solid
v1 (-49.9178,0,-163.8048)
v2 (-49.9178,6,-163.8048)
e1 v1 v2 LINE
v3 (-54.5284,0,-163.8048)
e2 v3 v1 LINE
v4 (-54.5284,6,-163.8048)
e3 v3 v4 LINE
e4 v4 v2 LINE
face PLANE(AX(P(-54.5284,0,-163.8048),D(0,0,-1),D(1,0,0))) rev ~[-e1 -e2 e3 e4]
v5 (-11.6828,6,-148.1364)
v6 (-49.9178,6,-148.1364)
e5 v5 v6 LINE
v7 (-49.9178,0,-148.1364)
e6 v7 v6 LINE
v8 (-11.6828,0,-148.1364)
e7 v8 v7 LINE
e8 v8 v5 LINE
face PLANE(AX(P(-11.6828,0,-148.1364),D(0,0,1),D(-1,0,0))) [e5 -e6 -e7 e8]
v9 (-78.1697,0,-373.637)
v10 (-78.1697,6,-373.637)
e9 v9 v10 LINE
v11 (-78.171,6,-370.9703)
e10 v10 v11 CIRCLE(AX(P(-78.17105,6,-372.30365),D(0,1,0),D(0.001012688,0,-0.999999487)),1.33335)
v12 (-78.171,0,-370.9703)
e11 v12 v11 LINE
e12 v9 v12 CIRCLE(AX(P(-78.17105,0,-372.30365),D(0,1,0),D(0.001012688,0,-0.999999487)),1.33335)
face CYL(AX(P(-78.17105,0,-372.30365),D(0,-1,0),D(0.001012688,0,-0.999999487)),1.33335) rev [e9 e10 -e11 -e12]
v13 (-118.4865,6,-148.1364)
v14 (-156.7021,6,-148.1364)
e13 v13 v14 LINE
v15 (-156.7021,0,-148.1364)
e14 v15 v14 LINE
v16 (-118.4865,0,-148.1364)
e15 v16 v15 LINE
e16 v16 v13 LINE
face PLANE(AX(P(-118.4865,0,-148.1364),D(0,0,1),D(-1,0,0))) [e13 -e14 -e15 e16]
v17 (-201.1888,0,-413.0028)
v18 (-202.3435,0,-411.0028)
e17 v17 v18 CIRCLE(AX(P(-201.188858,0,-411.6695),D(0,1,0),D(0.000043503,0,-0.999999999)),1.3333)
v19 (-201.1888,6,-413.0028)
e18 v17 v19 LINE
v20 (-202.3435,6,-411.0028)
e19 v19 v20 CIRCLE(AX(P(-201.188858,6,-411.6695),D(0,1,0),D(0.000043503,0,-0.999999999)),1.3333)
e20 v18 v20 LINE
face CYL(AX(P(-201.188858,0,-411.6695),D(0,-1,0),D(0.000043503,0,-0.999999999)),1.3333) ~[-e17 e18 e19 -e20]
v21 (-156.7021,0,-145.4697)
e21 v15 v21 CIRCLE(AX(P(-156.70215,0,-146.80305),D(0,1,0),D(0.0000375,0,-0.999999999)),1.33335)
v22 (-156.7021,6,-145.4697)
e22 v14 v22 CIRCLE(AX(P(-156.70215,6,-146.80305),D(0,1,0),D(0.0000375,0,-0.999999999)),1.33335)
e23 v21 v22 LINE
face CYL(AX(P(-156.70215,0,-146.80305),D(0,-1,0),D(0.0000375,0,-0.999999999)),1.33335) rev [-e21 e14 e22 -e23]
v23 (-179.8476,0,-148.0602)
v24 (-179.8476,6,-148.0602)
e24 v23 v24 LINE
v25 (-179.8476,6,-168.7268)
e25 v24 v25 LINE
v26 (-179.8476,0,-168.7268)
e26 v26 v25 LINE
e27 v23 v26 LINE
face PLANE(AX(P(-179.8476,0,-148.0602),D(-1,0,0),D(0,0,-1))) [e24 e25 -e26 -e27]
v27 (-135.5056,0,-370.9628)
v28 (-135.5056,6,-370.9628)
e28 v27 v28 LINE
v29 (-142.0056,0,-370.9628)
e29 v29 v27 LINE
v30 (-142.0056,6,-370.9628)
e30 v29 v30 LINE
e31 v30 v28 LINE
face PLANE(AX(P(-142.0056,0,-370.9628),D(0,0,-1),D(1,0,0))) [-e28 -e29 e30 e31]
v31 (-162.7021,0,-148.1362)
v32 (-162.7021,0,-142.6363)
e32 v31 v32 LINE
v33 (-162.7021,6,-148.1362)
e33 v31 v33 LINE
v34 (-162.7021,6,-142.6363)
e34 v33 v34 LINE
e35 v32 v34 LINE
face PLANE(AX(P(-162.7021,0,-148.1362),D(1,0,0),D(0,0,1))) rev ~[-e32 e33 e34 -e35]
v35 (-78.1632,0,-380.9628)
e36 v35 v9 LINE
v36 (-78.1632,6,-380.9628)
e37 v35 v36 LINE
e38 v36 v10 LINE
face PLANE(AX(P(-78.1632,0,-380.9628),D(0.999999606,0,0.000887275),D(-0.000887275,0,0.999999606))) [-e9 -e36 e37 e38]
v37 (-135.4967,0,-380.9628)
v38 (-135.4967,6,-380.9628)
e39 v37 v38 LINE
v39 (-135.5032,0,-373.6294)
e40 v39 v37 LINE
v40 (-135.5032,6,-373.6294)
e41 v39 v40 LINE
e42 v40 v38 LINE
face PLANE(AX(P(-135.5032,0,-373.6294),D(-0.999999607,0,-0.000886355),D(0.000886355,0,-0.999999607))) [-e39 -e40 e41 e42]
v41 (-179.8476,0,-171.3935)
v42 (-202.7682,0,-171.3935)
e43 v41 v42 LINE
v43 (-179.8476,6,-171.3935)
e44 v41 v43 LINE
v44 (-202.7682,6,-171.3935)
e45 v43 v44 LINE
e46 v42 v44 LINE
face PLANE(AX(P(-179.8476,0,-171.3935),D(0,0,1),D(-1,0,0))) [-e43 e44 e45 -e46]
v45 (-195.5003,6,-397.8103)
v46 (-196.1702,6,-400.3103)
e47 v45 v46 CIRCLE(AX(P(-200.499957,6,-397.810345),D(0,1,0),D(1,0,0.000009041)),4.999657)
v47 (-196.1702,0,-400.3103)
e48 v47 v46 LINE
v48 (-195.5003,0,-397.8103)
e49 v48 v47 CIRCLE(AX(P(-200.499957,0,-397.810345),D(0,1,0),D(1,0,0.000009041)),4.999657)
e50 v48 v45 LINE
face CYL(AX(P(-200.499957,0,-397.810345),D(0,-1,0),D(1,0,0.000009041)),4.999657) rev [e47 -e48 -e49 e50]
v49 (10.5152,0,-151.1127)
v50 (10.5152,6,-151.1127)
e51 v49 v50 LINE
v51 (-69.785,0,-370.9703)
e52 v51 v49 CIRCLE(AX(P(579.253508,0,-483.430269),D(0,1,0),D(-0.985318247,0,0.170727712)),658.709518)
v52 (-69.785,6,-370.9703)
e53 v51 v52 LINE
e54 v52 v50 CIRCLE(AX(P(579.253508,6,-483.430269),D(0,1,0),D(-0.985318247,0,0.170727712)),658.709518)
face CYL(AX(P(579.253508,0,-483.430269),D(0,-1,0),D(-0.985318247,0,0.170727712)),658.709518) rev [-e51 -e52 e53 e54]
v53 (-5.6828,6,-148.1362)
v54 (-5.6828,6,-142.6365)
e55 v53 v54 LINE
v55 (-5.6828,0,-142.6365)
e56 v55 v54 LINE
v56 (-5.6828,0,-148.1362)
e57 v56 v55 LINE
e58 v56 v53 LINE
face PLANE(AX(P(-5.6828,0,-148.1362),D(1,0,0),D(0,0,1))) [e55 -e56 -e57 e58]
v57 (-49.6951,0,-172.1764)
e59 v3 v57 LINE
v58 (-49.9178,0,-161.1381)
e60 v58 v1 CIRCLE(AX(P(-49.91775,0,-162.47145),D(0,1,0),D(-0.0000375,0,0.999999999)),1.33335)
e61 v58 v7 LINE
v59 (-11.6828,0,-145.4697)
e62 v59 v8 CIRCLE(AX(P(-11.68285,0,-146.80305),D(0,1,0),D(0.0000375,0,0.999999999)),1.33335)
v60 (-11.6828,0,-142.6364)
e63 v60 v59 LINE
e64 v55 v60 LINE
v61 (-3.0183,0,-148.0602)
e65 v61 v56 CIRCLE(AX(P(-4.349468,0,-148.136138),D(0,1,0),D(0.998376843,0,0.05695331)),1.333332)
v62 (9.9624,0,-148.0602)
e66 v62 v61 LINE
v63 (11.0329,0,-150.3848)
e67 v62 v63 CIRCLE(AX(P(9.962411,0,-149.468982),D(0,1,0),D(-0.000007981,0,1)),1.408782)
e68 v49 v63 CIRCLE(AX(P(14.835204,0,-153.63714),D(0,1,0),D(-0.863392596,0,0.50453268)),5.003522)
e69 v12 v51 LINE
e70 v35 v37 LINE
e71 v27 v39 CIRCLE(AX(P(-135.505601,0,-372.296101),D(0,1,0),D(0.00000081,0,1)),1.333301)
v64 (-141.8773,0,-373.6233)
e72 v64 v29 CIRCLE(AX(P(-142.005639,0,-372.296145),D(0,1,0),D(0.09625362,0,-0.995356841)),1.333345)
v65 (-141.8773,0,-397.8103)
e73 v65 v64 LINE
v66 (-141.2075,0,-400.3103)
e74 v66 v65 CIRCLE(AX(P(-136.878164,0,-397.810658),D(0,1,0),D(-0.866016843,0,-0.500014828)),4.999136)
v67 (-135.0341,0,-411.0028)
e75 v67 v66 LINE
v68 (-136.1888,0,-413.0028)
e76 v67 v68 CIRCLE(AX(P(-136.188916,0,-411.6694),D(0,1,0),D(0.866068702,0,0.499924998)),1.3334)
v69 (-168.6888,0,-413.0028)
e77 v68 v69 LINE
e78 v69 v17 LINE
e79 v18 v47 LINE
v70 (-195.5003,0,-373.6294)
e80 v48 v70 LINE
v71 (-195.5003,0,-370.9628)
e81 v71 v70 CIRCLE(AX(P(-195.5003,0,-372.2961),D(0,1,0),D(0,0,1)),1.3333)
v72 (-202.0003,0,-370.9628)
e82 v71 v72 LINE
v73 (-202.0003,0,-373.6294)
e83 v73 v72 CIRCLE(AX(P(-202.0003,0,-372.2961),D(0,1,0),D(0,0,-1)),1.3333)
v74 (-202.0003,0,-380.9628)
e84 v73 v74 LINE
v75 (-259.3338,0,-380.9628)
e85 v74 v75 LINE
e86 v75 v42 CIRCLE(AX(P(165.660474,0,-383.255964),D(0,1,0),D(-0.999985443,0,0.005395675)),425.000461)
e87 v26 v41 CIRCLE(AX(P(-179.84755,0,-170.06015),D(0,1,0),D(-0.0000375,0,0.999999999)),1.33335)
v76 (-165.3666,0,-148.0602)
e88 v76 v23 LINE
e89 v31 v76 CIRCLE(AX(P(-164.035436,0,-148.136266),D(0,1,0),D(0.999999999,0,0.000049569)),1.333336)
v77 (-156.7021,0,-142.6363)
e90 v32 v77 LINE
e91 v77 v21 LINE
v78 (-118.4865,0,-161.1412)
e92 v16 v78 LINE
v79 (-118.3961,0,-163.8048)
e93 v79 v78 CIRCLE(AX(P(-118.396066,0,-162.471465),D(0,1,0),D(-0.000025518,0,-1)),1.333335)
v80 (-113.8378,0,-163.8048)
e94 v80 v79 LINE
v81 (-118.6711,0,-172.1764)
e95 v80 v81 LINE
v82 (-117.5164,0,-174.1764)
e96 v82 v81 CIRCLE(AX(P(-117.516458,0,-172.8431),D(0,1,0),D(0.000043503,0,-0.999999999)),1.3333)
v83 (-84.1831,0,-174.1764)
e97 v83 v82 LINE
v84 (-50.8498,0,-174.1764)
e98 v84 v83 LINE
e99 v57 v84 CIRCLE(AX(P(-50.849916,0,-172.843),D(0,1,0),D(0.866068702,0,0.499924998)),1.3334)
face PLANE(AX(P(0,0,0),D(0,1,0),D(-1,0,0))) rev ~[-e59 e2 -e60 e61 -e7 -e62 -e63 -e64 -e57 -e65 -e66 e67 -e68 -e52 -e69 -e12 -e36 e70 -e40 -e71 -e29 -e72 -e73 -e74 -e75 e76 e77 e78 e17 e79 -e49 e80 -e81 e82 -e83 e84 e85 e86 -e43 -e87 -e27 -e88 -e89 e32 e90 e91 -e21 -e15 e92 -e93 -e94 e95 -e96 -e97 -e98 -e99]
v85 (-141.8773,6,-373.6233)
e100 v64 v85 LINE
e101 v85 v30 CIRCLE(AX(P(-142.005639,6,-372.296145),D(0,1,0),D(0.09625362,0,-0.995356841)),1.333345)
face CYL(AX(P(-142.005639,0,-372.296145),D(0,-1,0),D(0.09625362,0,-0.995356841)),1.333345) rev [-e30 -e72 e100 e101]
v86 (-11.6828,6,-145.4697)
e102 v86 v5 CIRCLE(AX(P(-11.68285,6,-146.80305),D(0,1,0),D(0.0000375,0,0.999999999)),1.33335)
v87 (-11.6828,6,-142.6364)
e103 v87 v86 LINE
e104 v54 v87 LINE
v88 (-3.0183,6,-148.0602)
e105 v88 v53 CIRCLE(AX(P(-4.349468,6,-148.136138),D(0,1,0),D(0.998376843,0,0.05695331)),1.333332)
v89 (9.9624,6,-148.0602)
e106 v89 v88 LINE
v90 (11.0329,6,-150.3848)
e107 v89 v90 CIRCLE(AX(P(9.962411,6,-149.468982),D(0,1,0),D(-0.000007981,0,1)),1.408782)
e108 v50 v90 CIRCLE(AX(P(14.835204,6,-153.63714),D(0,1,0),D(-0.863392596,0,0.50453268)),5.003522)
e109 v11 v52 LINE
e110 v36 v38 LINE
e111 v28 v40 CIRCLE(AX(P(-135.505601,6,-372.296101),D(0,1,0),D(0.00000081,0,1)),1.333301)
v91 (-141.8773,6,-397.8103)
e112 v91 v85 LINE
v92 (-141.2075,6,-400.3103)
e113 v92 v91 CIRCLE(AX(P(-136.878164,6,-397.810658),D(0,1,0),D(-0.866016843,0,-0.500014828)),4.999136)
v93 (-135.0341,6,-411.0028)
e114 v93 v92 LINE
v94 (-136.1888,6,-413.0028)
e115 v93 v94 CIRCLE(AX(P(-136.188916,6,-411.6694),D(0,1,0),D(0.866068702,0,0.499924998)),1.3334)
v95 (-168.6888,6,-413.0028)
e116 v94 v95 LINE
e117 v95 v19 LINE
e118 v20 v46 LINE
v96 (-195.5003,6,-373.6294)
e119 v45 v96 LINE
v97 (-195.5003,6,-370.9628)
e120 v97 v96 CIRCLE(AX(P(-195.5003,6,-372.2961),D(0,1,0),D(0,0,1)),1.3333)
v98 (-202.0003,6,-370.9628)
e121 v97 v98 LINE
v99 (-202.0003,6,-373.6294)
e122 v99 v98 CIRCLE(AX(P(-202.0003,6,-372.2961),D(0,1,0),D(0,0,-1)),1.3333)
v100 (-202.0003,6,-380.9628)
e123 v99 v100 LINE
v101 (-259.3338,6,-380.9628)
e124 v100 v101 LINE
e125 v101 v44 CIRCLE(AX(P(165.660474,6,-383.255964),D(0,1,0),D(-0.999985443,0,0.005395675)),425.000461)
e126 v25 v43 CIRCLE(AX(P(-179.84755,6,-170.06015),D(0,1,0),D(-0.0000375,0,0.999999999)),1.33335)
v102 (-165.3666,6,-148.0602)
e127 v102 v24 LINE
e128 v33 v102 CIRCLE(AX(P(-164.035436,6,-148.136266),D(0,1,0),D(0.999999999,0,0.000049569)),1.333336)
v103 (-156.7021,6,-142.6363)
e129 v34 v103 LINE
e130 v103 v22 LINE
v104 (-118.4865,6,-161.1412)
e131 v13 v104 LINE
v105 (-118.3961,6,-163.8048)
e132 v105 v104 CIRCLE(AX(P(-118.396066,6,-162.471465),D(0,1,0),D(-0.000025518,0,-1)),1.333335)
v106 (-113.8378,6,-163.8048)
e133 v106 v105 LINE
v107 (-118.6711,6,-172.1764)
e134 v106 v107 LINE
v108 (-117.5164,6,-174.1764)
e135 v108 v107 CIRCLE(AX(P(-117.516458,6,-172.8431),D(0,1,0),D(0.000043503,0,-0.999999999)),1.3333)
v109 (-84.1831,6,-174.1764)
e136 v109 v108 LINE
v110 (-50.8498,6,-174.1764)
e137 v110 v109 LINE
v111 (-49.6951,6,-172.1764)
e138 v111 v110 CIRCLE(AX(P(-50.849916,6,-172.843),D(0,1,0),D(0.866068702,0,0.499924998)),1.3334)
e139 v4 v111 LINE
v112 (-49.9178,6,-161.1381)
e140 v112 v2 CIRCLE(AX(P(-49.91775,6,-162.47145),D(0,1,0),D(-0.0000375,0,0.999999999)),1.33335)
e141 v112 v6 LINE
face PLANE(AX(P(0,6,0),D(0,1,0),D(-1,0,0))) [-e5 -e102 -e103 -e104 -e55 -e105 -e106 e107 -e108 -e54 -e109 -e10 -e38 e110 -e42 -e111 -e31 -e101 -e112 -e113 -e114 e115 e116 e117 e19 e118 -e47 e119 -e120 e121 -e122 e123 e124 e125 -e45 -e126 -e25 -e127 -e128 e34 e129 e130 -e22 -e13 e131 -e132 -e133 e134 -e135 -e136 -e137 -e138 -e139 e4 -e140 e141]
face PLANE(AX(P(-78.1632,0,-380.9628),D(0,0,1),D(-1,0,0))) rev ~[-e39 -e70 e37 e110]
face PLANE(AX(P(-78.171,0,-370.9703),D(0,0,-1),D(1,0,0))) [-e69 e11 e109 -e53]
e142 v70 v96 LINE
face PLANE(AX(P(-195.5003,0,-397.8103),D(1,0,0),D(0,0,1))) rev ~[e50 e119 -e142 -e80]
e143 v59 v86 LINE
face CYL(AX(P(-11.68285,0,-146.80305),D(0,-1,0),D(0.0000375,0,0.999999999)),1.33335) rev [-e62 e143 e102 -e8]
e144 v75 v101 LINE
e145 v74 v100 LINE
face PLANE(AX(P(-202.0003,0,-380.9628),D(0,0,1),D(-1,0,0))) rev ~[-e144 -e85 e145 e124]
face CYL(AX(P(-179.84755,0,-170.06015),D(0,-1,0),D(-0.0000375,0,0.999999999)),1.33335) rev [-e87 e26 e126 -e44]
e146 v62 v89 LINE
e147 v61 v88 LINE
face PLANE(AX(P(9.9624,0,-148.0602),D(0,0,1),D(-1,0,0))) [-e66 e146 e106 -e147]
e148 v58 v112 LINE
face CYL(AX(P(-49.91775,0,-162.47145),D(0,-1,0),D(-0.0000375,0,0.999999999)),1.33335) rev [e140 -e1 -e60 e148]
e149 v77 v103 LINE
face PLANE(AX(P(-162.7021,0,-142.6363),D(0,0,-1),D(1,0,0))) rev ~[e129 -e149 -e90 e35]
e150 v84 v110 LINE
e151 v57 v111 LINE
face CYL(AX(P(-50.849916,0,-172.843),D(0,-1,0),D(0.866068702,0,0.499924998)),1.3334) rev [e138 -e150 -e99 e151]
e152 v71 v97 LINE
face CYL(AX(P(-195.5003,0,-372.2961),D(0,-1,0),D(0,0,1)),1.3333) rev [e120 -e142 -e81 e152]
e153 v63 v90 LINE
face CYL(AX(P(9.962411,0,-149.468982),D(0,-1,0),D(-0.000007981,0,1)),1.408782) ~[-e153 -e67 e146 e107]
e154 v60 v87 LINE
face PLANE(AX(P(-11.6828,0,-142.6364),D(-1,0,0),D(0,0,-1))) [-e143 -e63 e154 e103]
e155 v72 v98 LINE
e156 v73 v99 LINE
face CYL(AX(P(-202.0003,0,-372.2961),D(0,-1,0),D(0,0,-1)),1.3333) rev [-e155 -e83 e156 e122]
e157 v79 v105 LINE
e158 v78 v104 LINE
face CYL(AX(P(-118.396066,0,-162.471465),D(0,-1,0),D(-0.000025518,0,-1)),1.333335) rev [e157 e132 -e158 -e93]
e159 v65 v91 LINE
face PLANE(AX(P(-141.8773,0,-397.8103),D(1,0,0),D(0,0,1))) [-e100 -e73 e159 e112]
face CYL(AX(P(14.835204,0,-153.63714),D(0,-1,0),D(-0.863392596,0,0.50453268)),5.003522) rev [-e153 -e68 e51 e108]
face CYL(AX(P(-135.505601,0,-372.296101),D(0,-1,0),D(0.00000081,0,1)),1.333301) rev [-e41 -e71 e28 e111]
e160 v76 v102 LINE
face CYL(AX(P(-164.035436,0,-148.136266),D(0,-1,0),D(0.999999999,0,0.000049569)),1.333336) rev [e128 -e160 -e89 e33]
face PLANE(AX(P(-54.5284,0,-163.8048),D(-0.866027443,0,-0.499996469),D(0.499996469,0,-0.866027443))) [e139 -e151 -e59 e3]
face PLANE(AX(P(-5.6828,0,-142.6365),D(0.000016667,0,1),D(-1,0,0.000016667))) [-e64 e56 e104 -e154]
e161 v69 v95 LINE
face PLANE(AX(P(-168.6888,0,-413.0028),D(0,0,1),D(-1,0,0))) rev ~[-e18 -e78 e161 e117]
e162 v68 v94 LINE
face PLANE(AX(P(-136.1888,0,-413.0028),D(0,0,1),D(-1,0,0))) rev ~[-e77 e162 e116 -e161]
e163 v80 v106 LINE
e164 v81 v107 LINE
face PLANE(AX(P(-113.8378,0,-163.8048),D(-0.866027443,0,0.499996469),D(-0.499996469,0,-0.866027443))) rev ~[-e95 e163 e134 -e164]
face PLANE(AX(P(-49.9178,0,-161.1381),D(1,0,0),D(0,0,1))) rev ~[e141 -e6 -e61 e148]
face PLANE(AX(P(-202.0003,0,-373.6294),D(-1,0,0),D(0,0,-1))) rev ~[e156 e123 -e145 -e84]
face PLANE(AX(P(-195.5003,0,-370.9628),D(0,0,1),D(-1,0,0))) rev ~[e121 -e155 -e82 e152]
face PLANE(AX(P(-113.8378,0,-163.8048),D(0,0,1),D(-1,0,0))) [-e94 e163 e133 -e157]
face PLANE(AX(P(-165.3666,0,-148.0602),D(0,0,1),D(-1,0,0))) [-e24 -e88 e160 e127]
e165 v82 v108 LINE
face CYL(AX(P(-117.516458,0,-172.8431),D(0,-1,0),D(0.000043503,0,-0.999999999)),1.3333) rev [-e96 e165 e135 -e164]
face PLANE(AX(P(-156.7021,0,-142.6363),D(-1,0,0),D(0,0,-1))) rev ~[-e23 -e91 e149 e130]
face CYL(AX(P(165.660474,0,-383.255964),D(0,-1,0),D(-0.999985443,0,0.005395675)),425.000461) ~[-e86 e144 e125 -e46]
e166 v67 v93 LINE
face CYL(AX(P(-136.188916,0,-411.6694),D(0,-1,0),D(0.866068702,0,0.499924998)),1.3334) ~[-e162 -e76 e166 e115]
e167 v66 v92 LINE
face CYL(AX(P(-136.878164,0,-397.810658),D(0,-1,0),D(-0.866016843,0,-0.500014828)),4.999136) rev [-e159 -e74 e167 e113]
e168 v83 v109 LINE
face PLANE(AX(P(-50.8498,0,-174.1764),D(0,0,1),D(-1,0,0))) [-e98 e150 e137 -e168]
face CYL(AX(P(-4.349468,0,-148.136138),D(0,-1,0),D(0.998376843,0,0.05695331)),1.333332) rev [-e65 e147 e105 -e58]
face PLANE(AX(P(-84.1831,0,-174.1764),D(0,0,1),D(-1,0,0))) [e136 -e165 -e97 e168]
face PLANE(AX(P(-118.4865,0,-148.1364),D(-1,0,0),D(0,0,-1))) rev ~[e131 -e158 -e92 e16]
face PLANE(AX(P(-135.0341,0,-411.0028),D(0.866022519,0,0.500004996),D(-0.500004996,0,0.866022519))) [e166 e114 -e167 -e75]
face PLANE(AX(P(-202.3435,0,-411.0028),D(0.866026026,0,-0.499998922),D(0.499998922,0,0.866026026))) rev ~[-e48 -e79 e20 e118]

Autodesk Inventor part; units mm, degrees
ref_plane "YZ Plane" through (0, 0, 0) normal (1, 0, 0) x (0, 1, 0)
ref_plane "XZ Plane" through (0, 0, 0) normal (0, 1, 0) x (-1, 0, 0)
ref_plane "XY Plane" through (0, 0, 0) normal (0, 0, 1) x (1, 0, 0)
sketch "Sketch1" plane through (0, 0, 0) normal (0, 1, 0) x (-1, 0, 0)
  line L0 (54.5284, -163.8048) -> (49.6951, -172.1764)
  arc A0 (49.6951, -172.1764) -> (50.8498, -174.1764) centre (50.8498, -172.843) ccw
  line L1 (50.8498, -174.1764) -> (117.5164, -174.1764)
  line L2 (113.8378, -163.8048) -> (118.6711, -172.1764)
  arc A1 (117.5164, -174.1764) -> (118.6711, -172.1764) centre (117.5164, -172.843) ccw
  arc A2 (259.3338, -380.9628) -> (202.7682, -171.3935) centre (-165.66, -383.2559) ccw
  line L3 (113.8378, -163.8048) -> (118.3961, -163.8048)
  arc A3 (118.3961, -163.8048) -> (118.4865, -161.1412) centre (118.3961, -162.4715) ccw
  line L4 (54.5284, -163.8048) -> (49.9178, -163.8048)
  arc A4 (49.9178, -161.1381) -> (49.9178, -163.8048) centre (49.9178, -162.4715) ccw
  line L5 (5.6828, -148.1362) -> (5.6828, -142.6365)
  line L6 (5.6828, -142.6365) -> (11.6828, -142.6364)
  line L7 (11.6828, -142.6364) -> (11.6828, -145.4697)
  arc A5 (11.6828, -145.4697) -> (11.6828, -148.1364) centre (11.6828, -146.803) ccw
  arc A6 (3.0183, -148.0602) -> (5.6828, -148.1362) centre (4.3494, -148.1362) ccw
  line L8 (162.7021, -148.1362) -> (162.7021, -142.6363)
  line L9 (162.7021, -142.6363) -> (156.7021, -142.6363)
  line L10 (156.7021, -142.6363) -> (156.7021, -145.4697)
  arc A7 (156.7021, -148.1364) -> (156.7021, -145.4697) centre (156.7021, -146.803) ccw
  arc A8 (162.7021, -148.1362) -> (165.3666, -148.0602) centre (164.0355, -148.1362) ccw
  line L11 (165.3666, -148.0602) -> (179.8476, -148.0602)
  line L12 (179.8476, -148.0602) -> (179.8476, -168.7268)
  arc A9 (179.8476, -168.7268) -> (179.8476, -171.3935) centre (179.8476, -170.0602) ccw
  line L13 (179.8476, -171.3935) -> (202.7682, -171.3935)
  line L14 (78.171, -370.9703) -> (69.785, -370.9703)
  line L15 (168.6888, -389.73) -> (168.6888, -432.7538)
  arc A10 (201.1888, -413.0028) -> (202.3435, -411.0028) centre (201.1888, -411.6694) ccw
  line L16 (195.5003, -397.8103) -> (195.5003, -373.6294)
  arc A11 (195.5003, -370.9628) -> (195.5003, -373.6294) centre (195.5003, -372.2961) ccw
  line L17 (195.5003, -370.9628) -> (202.0003, -370.9628)
  arc A12 (202.0003, -373.6294) -> (202.0003, -370.9628) centre (202.0003, -372.2961) ccw
  line L18 (202.0003, -373.6294) -> (202.0003, -380.9628)
  line L19 (78.1632, -380.9628) -> (135.4967, -380.9628)
  line L20 (202.0003, -380.9628) -> (259.3338, -380.9628)
  arc A13 (135.0341, -411.0028) -> (136.1888, -413.0028) centre (136.1888, -411.6694) ccw
  arc A14 (141.8773, -373.6233) -> (142.0056, -370.9628) centre (142.0056, -372.2961) ccw
  line L21 (142.0056, -370.9628) -> (135.5056, -370.9628)
  arc A15 (135.5056, -370.9628) -> (135.5032, -373.6294) centre (135.5056, -372.2961) ccw
  line L22 (135.5032, -373.6294) -> (135.4967, -380.9628)
  line L23 (49.9178, -161.1381) -> (49.9178, -148.1364)
  line L24 (118.4865, -148.1364) -> (118.4865, -161.1412)
  line L25 (202.3435, -411.0028) -> (196.1702, -400.3103)
  arc A16 (195.5003, -397.8103) -> (196.1702, -400.3103) centre (200.5003, -397.8103) ccw
  line L26 (141.8773, -397.8103) -> (141.8773, -373.6233)
  line L27 (135.0341, -411.0028) -> (141.2075, -400.3103)
  arc A17 (141.2075, -400.3103) -> (141.8773, -397.8103) centre (136.8773, -397.8103) ccw
  arc A18 (78.1697, -373.637) -> (78.171, -370.9703) centre (78.171, -372.3036) ccw
  line L28 (78.1632, -380.9628) -> (78.1697, -373.637)
  line L29 (136.1888, -413.0028) -> (201.1888, -413.0028)
  arc A19 (-9.9624, -148.0602) -> (-11.0329, -150.3848) centre (-9.9624, -149.469) ccw
  arc A20 (69.785, -370.9703) -> (-10.5152, -151.1127) centre (-579.254, -483.4304) ccw
  arc A21 (-10.5152, -151.1127) -> (-11.0329, -150.3848) centre (-14.8322, -153.6352) ccw
  line L30 (118.4865, -148.1364) -> (156.7021, -148.1364)
  line L31 (84.1831, -174.1764) -> (84.1831, -204.8832)
  line L32 (-9.9624, -148.0602) -> (3.0183, -148.0602)
  line L33 (11.6828, -148.1364) -> (49.9178, -148.1364)
  point P0 (2.7021, -144.053)
  point P1 (1.3688, -146.803)
  point P2 (-3.2979, -145.3864)
  point P3 (-7.9624, -148.0602)
  point P4 (116.117, -163.8048)
  dimension "d102" = 2.6667
  dimension "d107" = 2.6667
  dimension "d108" = 6.5
  dimension "d109" = 2.6667
  dimension "d111" = 57.3335
  dimension "d127" = 9.6667
  dimension "d128" = 9.6667
  dimension "d129" = 1.3333
  dimension "d131" = 62.3312
  dimension "d132" = 1.3333
  dimension "d133" = 14.481
  dimension "d134" = 1.3333
  dimension "d135" = 6
  dimension "d141" = 7.3333
  dimension "d142" = 5
  dimension "d145" = 1.3333
  dimension "d149" = 1.3333
  dimension "d151" = 658.71
  dimension "d152" = 5
  dimension "d153" = 68.5687
  dimension "d154" = 66.6667
  dimension "d155" = 1.3333
  dimension "d156" = 1.3333
  dimension "d158" = 1.3333
  dimension "d160" = 10.3716
  dimension "d161" = 10.3716
  dimension "d162" = 38.2156
  dimension "d163" = 38.235
  dimension "d164" = 15.6684
  dimension "d165" = 15.6684
  dimension "d166" = 23.3333
  dimension "d167" = 84.5058
  dimension "d169" = 264.8664
  dimension "d170" = 145.0381
  dimension "d171" = 6
  dimension "d172" = 5.4997
  dimension "d173" = 1.3333
  dimension "d174" = 2.8333
  dimension "d175" = 145.0006
extrude "Extrusion3" add sketch "Sketch1" along normal blind 6
properties part number "Support B"
